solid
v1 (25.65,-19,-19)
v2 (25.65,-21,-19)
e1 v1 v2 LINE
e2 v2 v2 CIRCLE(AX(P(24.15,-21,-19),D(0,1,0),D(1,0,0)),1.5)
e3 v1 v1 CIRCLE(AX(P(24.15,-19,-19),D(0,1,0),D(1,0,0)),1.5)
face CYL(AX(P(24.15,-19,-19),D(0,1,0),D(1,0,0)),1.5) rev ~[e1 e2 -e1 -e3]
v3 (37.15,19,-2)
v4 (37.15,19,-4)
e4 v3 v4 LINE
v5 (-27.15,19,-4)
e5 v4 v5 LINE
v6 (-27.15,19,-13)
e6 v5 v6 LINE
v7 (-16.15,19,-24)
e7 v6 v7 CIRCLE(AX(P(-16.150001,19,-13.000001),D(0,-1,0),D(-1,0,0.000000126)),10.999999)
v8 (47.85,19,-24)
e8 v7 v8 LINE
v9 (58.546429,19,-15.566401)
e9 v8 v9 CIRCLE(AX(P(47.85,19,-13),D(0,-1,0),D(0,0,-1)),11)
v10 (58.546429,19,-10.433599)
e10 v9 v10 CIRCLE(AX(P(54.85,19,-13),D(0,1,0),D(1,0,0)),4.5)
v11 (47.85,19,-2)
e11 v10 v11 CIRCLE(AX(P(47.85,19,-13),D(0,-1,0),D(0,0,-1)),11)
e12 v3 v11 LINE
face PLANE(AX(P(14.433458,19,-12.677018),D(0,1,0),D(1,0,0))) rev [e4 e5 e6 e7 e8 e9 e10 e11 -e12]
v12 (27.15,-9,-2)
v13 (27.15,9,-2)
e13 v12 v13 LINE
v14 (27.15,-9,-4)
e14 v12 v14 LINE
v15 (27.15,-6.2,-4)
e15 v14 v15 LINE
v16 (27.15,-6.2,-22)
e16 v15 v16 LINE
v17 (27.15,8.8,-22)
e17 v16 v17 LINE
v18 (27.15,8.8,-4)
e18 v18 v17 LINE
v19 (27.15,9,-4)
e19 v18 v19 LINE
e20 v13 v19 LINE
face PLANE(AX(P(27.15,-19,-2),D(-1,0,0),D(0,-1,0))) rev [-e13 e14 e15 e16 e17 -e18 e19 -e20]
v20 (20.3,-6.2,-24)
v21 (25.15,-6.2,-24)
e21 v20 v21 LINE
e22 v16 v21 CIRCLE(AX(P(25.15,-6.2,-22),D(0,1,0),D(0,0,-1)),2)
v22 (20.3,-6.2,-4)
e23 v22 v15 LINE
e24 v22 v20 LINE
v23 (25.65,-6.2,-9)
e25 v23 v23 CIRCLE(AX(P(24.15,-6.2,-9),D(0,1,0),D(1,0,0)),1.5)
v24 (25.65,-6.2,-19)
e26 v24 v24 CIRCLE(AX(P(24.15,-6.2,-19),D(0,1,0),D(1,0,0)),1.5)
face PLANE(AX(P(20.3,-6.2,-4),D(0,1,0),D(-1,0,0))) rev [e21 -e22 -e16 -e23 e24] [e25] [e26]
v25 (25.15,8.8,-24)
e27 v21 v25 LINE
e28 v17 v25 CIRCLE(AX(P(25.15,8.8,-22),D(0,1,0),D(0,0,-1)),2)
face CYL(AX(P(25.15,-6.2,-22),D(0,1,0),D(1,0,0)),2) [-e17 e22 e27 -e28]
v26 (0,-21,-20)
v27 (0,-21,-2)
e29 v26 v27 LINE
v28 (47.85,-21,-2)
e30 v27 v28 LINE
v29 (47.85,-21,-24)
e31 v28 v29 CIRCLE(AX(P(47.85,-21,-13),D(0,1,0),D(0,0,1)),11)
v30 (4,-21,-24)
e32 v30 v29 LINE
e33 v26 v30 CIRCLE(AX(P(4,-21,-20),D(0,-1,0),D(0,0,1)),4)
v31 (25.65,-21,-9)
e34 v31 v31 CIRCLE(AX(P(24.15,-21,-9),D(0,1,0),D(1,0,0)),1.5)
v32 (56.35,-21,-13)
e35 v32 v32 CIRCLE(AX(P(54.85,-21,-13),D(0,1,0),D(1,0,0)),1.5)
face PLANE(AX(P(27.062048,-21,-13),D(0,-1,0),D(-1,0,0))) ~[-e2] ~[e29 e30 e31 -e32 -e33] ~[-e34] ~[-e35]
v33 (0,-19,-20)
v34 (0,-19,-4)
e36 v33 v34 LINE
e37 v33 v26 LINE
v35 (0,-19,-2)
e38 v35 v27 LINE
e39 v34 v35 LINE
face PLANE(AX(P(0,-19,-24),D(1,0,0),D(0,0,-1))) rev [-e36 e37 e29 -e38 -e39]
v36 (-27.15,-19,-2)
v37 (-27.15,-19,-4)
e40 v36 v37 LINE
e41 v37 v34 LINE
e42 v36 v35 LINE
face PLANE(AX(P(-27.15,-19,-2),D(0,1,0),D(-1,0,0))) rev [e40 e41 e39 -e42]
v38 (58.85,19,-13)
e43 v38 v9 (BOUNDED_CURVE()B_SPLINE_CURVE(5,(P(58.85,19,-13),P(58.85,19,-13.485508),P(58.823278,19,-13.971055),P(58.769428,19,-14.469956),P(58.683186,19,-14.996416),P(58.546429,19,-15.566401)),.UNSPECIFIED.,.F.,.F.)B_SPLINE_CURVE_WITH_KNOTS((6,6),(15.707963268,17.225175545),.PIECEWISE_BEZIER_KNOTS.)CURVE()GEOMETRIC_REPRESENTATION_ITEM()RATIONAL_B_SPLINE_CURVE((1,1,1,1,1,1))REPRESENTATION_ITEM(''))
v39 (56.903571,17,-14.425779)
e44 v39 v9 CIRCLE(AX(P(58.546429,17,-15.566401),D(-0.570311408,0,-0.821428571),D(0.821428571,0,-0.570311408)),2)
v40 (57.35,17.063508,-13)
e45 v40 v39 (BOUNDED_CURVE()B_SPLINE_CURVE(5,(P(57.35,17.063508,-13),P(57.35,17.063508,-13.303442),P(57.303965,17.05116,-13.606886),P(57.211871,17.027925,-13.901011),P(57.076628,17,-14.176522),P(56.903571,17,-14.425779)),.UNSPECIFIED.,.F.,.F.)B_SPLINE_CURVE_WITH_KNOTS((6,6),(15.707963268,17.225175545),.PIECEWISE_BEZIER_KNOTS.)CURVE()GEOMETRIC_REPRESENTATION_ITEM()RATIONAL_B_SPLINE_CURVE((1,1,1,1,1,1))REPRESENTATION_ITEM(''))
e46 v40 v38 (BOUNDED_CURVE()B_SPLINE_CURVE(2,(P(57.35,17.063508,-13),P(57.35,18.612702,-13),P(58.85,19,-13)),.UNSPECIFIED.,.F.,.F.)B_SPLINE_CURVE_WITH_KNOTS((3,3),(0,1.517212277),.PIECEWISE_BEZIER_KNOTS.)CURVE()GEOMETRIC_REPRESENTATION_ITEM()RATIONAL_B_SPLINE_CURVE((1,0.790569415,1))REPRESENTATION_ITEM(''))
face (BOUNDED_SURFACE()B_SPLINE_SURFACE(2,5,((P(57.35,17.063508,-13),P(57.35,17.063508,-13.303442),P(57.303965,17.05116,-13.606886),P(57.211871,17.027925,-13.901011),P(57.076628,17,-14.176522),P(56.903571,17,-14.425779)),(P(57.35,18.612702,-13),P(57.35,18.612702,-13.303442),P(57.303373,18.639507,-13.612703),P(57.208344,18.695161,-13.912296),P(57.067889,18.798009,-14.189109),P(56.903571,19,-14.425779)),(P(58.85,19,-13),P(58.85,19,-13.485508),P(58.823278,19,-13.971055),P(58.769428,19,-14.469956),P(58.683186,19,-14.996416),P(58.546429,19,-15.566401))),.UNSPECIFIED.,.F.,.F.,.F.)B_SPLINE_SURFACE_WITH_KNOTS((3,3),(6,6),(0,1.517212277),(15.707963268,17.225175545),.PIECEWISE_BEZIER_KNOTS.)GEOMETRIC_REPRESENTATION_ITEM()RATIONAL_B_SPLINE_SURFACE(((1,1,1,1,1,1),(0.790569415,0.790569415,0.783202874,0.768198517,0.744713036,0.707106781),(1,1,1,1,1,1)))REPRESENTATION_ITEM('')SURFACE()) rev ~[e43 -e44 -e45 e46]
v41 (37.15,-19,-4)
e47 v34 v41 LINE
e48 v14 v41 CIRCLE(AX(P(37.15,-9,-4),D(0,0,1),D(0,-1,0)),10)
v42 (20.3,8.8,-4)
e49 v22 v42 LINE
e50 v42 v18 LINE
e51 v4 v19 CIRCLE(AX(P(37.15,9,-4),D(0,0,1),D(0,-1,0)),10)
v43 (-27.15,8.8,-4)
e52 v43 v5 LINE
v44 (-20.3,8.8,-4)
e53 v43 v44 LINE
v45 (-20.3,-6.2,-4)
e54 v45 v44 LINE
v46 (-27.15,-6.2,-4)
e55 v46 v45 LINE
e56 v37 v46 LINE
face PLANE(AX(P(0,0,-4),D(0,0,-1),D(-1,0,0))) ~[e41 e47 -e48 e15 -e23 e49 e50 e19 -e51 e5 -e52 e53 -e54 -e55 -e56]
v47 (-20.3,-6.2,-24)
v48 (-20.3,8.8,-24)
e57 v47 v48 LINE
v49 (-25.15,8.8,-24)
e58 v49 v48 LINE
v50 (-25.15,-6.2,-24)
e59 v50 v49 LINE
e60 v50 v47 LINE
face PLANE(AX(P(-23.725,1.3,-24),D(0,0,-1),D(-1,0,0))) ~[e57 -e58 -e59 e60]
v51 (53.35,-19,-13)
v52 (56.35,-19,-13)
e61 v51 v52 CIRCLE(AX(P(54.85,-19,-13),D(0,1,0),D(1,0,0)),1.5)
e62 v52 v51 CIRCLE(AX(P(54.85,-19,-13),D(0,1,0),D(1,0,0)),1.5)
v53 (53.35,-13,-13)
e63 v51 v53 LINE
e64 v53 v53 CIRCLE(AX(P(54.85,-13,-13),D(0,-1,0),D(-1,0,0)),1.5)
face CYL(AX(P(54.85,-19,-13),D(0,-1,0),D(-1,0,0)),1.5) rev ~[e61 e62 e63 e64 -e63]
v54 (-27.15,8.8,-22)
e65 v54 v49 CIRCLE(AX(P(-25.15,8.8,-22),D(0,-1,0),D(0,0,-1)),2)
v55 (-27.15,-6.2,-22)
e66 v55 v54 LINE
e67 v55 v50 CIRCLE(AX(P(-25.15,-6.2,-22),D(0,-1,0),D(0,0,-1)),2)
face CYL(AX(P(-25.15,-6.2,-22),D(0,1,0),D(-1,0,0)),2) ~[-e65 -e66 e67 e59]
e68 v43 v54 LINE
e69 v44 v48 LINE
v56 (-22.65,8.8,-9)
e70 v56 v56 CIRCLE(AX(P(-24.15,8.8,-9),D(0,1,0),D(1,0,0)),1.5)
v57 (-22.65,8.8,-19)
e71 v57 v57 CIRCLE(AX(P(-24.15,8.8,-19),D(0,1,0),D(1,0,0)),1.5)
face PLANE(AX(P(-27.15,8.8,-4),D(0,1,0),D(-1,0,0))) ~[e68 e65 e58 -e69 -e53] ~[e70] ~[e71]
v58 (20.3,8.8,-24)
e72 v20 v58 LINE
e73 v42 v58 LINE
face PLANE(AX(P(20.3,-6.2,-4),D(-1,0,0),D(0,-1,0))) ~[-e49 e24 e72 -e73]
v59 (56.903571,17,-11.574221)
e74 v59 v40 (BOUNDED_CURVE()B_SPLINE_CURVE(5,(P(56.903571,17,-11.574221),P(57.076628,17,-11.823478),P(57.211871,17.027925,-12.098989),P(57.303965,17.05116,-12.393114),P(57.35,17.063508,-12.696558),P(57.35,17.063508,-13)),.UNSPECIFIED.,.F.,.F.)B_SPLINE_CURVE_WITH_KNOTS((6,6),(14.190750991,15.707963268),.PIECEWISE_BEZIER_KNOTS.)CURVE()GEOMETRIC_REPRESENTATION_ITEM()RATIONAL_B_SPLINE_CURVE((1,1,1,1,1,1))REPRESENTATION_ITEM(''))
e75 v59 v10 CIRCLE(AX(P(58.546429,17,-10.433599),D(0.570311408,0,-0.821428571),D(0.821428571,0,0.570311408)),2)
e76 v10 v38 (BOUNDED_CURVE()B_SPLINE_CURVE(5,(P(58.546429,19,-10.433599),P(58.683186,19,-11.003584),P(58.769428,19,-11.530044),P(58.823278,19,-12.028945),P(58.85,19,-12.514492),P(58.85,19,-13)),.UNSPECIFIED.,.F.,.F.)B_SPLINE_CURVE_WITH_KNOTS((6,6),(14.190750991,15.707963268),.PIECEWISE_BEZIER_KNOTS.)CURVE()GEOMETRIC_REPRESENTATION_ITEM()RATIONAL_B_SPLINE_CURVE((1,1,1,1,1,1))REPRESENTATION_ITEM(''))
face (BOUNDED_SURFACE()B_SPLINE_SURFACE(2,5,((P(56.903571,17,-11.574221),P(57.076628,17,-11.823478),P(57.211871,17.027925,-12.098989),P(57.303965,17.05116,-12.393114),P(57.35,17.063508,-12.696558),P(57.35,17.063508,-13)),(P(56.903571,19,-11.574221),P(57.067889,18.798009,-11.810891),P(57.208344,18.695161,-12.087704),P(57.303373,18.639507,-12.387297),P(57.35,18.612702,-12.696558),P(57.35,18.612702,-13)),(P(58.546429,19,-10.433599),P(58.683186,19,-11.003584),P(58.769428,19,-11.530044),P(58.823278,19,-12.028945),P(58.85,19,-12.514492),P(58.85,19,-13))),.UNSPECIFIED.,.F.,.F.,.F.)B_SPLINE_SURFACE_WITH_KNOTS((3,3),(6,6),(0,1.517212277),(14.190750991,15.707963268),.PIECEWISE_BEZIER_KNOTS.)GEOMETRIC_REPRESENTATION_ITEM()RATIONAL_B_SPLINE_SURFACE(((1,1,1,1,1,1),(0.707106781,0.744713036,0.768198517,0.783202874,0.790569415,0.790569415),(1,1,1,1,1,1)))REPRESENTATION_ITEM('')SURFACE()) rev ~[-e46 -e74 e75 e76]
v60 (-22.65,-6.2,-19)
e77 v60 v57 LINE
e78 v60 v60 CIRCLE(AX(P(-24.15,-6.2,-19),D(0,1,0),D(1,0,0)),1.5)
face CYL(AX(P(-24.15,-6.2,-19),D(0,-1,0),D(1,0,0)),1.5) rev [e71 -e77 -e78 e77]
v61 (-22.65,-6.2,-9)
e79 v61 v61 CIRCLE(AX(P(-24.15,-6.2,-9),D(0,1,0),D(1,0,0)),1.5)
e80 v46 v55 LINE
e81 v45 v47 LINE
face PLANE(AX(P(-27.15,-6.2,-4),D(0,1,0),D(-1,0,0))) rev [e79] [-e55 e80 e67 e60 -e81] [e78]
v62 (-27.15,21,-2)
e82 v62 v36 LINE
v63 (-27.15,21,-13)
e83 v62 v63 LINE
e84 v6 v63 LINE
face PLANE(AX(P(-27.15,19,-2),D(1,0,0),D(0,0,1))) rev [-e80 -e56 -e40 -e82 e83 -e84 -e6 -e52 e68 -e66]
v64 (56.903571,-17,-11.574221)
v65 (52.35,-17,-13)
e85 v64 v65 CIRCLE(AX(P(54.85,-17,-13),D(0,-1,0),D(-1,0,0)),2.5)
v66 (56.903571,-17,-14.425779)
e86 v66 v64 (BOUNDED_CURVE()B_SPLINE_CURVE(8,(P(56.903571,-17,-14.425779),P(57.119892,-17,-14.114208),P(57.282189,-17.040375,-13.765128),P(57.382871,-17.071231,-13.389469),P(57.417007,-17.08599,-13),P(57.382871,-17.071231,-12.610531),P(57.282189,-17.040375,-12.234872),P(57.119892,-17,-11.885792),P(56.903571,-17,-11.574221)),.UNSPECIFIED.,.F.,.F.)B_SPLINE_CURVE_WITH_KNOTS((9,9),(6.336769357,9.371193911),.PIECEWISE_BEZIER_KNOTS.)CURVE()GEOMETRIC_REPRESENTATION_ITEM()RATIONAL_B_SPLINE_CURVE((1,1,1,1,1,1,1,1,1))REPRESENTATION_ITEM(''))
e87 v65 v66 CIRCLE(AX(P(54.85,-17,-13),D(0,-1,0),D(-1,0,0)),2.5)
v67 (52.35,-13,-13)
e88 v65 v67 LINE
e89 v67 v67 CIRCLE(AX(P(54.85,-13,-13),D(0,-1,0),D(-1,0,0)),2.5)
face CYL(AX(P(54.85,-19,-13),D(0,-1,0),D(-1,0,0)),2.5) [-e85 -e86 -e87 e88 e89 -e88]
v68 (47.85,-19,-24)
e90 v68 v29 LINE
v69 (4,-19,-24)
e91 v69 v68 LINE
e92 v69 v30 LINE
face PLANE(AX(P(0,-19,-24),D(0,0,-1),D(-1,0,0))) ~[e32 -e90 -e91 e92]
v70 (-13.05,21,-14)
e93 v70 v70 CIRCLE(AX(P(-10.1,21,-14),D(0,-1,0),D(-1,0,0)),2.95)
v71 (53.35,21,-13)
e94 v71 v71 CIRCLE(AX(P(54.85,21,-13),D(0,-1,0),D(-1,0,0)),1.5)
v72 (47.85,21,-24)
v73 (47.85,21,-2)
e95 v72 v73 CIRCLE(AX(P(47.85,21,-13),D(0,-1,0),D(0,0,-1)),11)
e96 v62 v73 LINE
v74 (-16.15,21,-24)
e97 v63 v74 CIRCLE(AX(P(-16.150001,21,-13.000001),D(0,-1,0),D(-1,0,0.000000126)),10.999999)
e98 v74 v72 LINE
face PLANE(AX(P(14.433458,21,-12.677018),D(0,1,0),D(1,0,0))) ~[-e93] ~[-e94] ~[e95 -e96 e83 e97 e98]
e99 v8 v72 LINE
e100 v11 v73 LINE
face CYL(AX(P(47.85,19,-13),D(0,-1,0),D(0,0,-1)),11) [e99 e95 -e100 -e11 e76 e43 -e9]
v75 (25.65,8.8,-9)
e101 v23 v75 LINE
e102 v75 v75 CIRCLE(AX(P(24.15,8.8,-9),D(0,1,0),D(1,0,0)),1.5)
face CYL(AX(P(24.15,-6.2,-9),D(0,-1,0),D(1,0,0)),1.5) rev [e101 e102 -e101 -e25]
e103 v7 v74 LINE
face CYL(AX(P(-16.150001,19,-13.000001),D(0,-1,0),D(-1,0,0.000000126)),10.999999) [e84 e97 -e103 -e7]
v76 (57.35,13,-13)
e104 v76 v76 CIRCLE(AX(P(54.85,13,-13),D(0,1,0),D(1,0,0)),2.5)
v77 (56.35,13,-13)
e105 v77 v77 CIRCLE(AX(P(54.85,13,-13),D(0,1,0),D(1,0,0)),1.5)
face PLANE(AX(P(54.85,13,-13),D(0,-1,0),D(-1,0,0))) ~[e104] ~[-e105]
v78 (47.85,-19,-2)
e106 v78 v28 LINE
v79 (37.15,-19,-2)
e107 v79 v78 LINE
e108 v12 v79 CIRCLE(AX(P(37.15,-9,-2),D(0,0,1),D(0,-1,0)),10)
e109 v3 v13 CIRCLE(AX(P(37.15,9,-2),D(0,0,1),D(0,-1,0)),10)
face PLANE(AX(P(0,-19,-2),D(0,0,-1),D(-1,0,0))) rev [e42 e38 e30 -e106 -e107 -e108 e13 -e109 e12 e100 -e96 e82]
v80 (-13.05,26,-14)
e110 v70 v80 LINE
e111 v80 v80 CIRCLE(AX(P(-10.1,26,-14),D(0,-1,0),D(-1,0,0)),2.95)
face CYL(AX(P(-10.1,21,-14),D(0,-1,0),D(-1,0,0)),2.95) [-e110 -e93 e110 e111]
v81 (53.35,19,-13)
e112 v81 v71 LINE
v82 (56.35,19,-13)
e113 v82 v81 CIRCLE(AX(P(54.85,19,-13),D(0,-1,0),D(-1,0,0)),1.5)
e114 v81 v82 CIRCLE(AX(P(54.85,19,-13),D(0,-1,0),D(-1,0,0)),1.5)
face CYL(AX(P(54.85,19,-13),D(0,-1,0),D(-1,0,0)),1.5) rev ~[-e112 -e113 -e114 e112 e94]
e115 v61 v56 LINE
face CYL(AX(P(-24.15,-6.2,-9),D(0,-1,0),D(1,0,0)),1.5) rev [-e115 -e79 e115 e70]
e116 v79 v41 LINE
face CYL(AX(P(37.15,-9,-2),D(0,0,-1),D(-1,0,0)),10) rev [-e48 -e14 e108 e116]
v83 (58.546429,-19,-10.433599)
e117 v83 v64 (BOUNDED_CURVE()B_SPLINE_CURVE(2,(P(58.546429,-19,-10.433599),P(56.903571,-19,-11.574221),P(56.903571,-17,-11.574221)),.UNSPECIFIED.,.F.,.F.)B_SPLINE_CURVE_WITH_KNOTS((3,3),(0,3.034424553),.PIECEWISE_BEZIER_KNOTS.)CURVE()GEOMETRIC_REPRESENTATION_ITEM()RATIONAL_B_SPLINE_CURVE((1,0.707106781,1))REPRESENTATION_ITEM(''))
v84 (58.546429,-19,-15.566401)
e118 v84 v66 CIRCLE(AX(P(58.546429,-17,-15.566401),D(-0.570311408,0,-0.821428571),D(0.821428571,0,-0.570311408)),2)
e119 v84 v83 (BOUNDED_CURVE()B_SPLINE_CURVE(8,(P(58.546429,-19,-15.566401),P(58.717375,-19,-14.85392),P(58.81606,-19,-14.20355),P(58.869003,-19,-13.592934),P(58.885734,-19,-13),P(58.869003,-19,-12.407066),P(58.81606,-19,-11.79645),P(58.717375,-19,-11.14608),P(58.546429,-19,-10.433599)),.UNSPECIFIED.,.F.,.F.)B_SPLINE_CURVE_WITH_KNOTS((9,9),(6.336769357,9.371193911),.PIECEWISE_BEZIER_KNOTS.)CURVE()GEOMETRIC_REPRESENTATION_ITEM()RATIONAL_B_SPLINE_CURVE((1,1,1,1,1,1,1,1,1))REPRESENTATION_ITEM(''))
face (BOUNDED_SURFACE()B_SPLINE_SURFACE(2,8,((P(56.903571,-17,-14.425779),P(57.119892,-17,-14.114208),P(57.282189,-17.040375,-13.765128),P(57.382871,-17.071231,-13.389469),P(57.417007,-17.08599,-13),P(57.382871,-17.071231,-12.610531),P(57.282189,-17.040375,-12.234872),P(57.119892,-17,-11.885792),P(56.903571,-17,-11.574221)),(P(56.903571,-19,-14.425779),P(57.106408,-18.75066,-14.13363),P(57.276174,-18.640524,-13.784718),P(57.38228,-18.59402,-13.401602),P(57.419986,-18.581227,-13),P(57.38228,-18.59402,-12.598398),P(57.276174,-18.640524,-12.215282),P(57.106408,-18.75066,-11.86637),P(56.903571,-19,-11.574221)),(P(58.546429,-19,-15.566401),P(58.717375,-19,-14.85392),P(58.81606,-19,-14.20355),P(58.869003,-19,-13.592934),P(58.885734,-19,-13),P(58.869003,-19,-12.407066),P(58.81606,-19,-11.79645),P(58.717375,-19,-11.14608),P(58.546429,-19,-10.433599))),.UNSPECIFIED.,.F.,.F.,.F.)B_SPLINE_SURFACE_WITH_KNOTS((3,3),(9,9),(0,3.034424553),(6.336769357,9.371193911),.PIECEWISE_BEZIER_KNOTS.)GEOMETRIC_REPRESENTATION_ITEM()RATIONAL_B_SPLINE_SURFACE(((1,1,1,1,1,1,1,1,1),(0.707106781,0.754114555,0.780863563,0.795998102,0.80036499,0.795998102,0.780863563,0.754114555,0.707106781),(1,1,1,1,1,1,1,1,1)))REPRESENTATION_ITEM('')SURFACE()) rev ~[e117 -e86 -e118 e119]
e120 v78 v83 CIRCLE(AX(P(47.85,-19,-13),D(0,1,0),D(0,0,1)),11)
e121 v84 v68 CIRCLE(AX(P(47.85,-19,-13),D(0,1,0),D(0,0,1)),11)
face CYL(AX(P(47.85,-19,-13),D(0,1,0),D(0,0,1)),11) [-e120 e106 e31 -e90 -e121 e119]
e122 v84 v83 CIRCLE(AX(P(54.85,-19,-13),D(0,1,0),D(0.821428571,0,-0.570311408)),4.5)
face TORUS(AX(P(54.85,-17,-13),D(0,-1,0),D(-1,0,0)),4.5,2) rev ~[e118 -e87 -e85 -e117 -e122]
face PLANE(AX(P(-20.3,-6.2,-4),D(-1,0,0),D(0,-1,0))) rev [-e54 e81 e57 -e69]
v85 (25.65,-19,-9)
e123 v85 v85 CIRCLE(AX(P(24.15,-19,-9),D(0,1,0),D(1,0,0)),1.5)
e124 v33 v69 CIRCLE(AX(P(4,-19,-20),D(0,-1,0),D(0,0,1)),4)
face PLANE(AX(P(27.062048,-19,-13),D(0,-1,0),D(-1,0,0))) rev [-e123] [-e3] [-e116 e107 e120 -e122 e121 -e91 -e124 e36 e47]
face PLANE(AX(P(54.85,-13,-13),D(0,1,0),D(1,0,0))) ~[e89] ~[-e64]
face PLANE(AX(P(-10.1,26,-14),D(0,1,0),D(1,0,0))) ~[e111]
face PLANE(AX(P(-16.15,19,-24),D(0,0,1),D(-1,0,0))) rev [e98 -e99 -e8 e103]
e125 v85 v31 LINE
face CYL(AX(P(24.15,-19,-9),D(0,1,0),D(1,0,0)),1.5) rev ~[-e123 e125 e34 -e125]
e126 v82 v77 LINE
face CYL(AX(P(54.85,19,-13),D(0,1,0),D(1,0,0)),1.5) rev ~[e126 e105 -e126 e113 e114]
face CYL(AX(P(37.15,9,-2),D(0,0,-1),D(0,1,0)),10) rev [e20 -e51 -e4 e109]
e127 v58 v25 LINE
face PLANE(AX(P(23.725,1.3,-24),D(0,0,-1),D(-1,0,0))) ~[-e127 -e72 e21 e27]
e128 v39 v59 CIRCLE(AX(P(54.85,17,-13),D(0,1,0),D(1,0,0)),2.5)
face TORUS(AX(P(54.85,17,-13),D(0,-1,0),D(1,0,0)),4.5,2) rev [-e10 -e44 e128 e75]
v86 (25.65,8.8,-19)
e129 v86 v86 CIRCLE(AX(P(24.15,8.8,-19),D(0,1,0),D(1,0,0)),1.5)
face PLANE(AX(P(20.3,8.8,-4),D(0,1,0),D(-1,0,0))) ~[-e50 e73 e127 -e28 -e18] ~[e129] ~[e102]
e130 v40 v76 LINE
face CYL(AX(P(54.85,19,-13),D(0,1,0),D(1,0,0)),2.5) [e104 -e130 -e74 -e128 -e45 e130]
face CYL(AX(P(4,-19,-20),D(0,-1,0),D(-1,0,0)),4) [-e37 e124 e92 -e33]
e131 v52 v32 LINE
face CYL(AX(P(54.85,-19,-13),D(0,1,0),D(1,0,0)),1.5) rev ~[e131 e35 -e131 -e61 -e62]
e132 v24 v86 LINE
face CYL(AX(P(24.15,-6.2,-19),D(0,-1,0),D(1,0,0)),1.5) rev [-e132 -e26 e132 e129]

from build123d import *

# Parameters (mm, degrees)
SKETCH_W        = 54.3
SKETCH_H        = 38
PAD_DEPTH       = 2
SKETCH003_W     = 6.85
SKETCH003_H     = 15
PAD001_DEPTH    = 20
SKETCH010_W     = 6.85
SKETCH010_H     = 15
PAD002_DEPTH    = 20
SKETCH004_R     = 1.5
POCKET_DEPTH    = 15
SKETCH002_R     = 1.5
POCKET001_DEPTH = 15
SKETCH005_R     = 1.5
PAD003_DEPTH    = 2
SKETCH007_R     = 1.5
PAD004_DEPTH    = 2
SKETCH006_R     = 2.95
PAD005_DEPTH    = 5
SKETCH008_R     = 2.5
SKETCH008_R_2   = 1.5
PAD006_DEPTH    = 6
SKETCH009_R     = 2.5
SKETCH009_R_2   = 1.5
PAD007_DEPTH    = 6
FILLET_R        = 10
FILLET001_R     = 10
FILLET002_R     = 2
FILLET003_R     = 2
FILLET004_R     = 2
FILLET005_R     = 2
FILLET006_R     = 4


with BuildPart() as body:
    # Sketch → Pad (new body)
    with BuildSketch(Plane.XY.offset(2)):
        Rectangle(SKETCH_W, SKETCH_H)
    extrude(amount=PAD_DEPTH)

    # Sketch003 (on Face6 of Pad) → Pad001 (join)
    with BuildSketch(Plane.XY.offset(4)):
        with Locations((23.725, 1.3)):
            Rectangle(SKETCH003_W, SKETCH003_H)
    extrude(amount=PAD001_DEPTH)

    # Sketch010 (on Face5 of Pad001) → Pad002 (join)
    with BuildSketch(Plane.XY.offset(4)):
        with Locations((-23.725, 1.3)):
            Rectangle(SKETCH010_W, SKETCH010_H)
    extrude(amount=PAD002_DEPTH)

    # Sketch004 (on Face12 of Pad002) → Pocket (cut)
    with BuildSketch(Plane(origin=(0, -6.2, 2), x_dir=(1, 0, 0), z_dir=(0, -1, 0))):
        with Locations((-24.15, 7)):
            Circle(SKETCH004_R)
        with Locations((-24.15, 17)):
            Circle(SKETCH004_R)
    extrude(amount=-POCKET_DEPTH, mode=Mode.SUBTRACT)

    # Sketch002 (on Face11 of Pocket) → Pocket001 (cut)
    with BuildSketch(Plane(origin=(0, -6.2, 2), x_dir=(1, 0, 0), z_dir=(0, -1, 0))):
        with Locations((24.15, 17)):
            Circle(SKETCH002_R)
        with Locations((24.15, 7)):
            Circle(SKETCH002_R)
    extrude(amount=-POCKET001_DEPTH, mode=Mode.SUBTRACT)

    # Sketch005 (on Face1 of Pocket001) → Pad003 (join)
    with BuildSketch(Plane(origin=(0, 19, 2), x_dir=(-1, 0, 0), z_dir=(0, 1, 0))):
        with BuildLine():
            Line((16.15, 22), (-47.85, 22))
            ThreePointArc((-47.85, 22), (-58.85, 11), (-47.85, 0))
            Line((27.15, 0), (-47.85, 0))
            Line((27.15, 0), (27.15, 11))
            ThreePointArc((27.15, 11), (23.928175, 18.778175), (16.15, 22))
        make_face()
        with Locations((-54.85, 11)):
            Circle(SKETCH005_R, mode=Mode.SUBTRACT)
    extrude(amount=PAD003_DEPTH)

    # Sketch007 (on Face2 of Pad003) → Pad004 (join)
    with BuildSketch(Plane(origin=(0, -19, 2), x_dir=(1, 0, 0), z_dir=(0, -1, 0))):
        with BuildLine():
            Line((0, 22), (0, 0))
            Line((0, 0), (47.85, 0))
            ThreePointArc((47.85, 0), (58.85, 11), (47.85, 22))
            Line((0, 22), (47.85, 22))
        make_face()
        with Locations((54.85, 11)):
            Circle(SKETCH007_R, mode=Mode.SUBTRACT)
        with Locations((24.15, 7)):
            Circle(SKETCH007_R, mode=Mode.SUBTRACT)
        with Locations((24.15, 17)):
            Circle(SKETCH007_R, mode=Mode.SUBTRACT)
    extrude(amount=PAD004_DEPTH)

    # Sketch006 (on Face11 of Pad004) → Pad005 (join)
    with BuildSketch(Plane(origin=(0, 21, 2), x_dir=(-1, 0, 0), z_dir=(0, 1, 0))):
        with Locations((10.1, 12)):
            Circle(SKETCH006_R)
    extrude(amount=PAD005_DEPTH)

    # Sketch008 (on Face17 of Pad005) → Pad006 (join)
    with BuildSketch(Plane(origin=(0, -19, 2), x_dir=(-1, 0, 0), z_dir=(0, 1, 0))):
        with Locations((-54.85, 11)):
            Circle(SKETCH008_R)
        with Locations((-54.85, 11)):
            Circle(SKETCH008_R_2, mode=Mode.SUBTRACT)
    extrude(amount=PAD006_DEPTH)

    # Sketch009 (on Face10 of Pad006) → Pad007 (join)
    with BuildSketch(Plane(origin=(0, 19, 2), x_dir=(1, 0, 0), z_dir=(0, -1, 0))):
        with Locations((54.85, 11)):
            Circle(SKETCH009_R)
        with Locations((54.85, 11)):
            Circle(SKETCH009_R_2, mode=Mode.SUBTRACT)
    extrude(amount=PAD007_DEPTH)

    # Fillet
    fillet_edges = [body.edges().sort_by_distance(p)[0] for p in [
        (27.15, -19, 3),
    ]]
    fillet(fillet_edges, radius=FILLET_R)

    # Fillet001
    fillet001_edges = [body.edges().sort_by_distance(p)[0] for p in [
        (27.15, 19, 3),
    ]]
    fillet(fillet001_edges, radius=FILLET001_R)

    # Fillet002
    fillet002_edges = [body.edges().sort_by_distance(p)[0] for p in [
        (52.35, 19, 13),
    ]]
    fillet(fillet002_edges, radius=FILLET002_R)

    # Fillet003
    fillet003_edges = [body.edges().sort_by_distance(p)[0] for p in [
        (57.35, -19, 13),
    ]]
    fillet(fillet003_edges, radius=FILLET003_R)

    # Fillet004
    fillet004_edges = [body.edges().sort_by_distance(p)[0] for p in [
        (27.15, 1.3, 24),
    ]]
    fillet(fillet004_edges, radius=FILLET004_R)

    # Fillet005
    fillet005_edges = [body.edges().sort_by_distance(p)[0] for p in [
        (-27.15, 1.3, 24),
    ]]
    fillet(fillet005_edges, radius=FILLET005_R)

    # Fillet006
    fillet006_edges = [body.edges().sort_by_distance(p)[0] for p in [
        (0, -20, 24),
    ]]
    fillet(fillet006_edges, radius=FILLET006_R)


with BuildPart() as part_mirroring:
    # Part__Mirroring: instance of Body
    add(body.part.mirror(Plane(origin=(0, 0, 0), x_dir=(0, 1, 0), z_dir=(0, 0, 1))))


solid = part_mirroring.part
